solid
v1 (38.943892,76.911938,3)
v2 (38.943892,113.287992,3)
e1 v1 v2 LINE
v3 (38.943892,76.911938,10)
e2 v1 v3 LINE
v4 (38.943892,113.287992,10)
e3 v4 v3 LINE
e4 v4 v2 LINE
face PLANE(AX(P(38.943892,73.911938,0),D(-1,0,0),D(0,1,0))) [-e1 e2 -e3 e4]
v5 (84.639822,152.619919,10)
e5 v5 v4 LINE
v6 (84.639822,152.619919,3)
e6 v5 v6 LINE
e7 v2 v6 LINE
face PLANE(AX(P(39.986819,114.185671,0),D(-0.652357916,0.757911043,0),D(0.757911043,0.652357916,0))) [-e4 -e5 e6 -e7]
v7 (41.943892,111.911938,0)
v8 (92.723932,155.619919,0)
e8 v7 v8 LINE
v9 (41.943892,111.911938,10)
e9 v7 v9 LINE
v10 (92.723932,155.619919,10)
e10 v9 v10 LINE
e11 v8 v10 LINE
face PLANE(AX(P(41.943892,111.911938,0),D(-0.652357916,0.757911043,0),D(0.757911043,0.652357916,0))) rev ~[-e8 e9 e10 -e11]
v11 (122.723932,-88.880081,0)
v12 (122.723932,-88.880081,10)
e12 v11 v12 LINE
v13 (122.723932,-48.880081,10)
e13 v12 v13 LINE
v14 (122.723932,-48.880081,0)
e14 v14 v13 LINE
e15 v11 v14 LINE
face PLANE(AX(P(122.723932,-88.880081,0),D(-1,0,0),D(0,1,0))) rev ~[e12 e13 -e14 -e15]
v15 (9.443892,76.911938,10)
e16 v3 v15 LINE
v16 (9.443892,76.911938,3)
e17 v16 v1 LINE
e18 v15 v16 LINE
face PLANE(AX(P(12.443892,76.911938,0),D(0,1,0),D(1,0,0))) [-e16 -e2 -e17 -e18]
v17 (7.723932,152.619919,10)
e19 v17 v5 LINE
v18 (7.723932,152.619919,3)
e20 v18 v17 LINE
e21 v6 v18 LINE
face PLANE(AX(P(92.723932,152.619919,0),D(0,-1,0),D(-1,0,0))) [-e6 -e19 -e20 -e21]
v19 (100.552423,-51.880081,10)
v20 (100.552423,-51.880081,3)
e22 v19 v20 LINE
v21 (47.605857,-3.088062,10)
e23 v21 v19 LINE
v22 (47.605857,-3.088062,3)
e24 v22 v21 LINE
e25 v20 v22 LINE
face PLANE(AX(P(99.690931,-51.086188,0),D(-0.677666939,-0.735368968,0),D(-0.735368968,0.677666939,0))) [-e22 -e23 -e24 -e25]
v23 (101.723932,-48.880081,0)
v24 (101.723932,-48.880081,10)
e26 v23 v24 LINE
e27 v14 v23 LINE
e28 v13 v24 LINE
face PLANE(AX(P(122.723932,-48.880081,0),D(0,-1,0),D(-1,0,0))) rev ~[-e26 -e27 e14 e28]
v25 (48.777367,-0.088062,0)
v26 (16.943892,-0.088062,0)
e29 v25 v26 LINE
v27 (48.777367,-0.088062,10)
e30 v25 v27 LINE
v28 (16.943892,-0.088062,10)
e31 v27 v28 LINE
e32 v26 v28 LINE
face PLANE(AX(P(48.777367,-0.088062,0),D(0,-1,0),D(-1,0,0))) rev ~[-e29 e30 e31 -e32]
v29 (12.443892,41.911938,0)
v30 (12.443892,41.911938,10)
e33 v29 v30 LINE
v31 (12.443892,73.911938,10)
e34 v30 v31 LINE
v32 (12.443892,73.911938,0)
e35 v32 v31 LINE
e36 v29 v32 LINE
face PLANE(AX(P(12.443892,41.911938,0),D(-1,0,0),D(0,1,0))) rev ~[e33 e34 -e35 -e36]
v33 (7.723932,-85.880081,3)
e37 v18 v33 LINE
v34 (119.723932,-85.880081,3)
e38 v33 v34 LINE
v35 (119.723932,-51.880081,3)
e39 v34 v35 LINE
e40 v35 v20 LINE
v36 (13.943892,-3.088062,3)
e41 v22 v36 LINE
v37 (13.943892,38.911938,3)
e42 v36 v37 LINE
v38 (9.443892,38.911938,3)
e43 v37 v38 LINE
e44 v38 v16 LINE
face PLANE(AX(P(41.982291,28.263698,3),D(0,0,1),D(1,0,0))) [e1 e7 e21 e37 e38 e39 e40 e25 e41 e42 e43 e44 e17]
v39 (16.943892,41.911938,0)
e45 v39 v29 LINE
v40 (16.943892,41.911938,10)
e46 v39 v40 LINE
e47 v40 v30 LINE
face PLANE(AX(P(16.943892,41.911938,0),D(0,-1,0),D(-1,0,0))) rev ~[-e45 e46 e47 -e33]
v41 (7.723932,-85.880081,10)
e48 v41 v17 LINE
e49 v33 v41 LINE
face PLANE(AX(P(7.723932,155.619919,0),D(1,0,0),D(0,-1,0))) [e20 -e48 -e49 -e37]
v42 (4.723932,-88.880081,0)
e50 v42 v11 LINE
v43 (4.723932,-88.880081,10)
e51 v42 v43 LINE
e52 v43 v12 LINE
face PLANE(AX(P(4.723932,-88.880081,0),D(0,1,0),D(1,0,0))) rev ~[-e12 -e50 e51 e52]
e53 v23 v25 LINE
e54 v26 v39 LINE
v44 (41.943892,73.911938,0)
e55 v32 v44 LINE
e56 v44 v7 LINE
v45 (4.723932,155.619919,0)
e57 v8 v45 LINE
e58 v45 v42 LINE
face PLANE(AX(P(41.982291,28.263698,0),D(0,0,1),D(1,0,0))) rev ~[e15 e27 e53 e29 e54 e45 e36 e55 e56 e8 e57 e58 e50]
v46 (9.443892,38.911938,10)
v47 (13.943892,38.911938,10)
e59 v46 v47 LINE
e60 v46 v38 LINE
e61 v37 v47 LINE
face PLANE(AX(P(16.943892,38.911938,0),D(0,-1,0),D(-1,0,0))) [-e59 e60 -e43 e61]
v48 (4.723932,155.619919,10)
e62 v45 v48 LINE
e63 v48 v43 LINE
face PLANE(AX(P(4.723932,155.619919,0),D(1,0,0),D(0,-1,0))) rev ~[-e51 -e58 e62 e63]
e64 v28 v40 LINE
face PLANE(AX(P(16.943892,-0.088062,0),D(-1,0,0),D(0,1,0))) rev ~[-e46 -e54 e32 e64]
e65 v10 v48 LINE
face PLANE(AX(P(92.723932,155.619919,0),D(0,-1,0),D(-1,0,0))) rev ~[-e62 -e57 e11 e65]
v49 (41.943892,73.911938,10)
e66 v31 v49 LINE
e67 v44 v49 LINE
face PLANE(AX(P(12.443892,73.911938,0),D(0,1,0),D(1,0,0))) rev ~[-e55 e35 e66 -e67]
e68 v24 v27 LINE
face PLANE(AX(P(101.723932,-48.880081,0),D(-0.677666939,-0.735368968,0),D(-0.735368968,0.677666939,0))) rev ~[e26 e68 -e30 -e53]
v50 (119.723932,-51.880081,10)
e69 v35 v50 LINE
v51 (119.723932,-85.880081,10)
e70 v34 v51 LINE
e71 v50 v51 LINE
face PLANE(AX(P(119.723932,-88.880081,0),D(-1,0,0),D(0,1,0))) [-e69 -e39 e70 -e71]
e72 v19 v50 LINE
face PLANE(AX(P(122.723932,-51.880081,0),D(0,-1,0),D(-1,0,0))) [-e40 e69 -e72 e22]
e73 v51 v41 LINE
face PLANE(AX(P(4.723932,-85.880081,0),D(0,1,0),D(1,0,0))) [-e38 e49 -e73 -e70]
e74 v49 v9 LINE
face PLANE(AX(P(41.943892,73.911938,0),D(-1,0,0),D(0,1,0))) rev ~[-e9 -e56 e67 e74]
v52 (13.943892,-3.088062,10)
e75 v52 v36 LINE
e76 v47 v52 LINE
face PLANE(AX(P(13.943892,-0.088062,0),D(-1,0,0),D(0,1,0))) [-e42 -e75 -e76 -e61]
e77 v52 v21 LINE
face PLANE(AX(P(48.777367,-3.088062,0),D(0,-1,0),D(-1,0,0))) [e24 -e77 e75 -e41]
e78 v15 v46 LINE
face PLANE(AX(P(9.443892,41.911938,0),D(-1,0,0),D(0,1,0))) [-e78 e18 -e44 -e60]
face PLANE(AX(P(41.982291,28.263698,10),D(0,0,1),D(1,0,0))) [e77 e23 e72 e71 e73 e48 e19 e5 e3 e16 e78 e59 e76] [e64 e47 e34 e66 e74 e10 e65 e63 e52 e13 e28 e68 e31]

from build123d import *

# Parameters (mm, degrees)
F1_DEPTH = 10
F2_T     = -3


with BuildPart() as f1:
    # F0 (on Top) → F1 (new body)
    with BuildSketch(Plane.XY):
        Polygon((92.7239323163, 155.6199185995), (4.7239323163, 155.6199185995), (4.7239323163, -88.8800814005), (122.7239323163, -88.8800814005), (122.7239323163, -48.8800814005), (101.7239323163, -48.8800814005), (48.7773665856, -0.0880617936), (16.9438924388, -0.0880617936), (16.9438924388, 41.9119382064), (12.4438924388, 41.9119382064), (12.4438924388, 73.9119382064), (41.9438924388, 73.9119382064), (41.9438924388, 111.9119382064), align=None)
    extrude(amount=F1_DEPTH)

    # F2
    f2_openings = [f1.faces().sort_by_distance(p)[0] for p in [
        (65.562857, 135.823545, 10),
    ]]
    offset(amount=F2_T, openings=f2_openings, kind=Kind.INTERSECTION)


solid = f1.part
